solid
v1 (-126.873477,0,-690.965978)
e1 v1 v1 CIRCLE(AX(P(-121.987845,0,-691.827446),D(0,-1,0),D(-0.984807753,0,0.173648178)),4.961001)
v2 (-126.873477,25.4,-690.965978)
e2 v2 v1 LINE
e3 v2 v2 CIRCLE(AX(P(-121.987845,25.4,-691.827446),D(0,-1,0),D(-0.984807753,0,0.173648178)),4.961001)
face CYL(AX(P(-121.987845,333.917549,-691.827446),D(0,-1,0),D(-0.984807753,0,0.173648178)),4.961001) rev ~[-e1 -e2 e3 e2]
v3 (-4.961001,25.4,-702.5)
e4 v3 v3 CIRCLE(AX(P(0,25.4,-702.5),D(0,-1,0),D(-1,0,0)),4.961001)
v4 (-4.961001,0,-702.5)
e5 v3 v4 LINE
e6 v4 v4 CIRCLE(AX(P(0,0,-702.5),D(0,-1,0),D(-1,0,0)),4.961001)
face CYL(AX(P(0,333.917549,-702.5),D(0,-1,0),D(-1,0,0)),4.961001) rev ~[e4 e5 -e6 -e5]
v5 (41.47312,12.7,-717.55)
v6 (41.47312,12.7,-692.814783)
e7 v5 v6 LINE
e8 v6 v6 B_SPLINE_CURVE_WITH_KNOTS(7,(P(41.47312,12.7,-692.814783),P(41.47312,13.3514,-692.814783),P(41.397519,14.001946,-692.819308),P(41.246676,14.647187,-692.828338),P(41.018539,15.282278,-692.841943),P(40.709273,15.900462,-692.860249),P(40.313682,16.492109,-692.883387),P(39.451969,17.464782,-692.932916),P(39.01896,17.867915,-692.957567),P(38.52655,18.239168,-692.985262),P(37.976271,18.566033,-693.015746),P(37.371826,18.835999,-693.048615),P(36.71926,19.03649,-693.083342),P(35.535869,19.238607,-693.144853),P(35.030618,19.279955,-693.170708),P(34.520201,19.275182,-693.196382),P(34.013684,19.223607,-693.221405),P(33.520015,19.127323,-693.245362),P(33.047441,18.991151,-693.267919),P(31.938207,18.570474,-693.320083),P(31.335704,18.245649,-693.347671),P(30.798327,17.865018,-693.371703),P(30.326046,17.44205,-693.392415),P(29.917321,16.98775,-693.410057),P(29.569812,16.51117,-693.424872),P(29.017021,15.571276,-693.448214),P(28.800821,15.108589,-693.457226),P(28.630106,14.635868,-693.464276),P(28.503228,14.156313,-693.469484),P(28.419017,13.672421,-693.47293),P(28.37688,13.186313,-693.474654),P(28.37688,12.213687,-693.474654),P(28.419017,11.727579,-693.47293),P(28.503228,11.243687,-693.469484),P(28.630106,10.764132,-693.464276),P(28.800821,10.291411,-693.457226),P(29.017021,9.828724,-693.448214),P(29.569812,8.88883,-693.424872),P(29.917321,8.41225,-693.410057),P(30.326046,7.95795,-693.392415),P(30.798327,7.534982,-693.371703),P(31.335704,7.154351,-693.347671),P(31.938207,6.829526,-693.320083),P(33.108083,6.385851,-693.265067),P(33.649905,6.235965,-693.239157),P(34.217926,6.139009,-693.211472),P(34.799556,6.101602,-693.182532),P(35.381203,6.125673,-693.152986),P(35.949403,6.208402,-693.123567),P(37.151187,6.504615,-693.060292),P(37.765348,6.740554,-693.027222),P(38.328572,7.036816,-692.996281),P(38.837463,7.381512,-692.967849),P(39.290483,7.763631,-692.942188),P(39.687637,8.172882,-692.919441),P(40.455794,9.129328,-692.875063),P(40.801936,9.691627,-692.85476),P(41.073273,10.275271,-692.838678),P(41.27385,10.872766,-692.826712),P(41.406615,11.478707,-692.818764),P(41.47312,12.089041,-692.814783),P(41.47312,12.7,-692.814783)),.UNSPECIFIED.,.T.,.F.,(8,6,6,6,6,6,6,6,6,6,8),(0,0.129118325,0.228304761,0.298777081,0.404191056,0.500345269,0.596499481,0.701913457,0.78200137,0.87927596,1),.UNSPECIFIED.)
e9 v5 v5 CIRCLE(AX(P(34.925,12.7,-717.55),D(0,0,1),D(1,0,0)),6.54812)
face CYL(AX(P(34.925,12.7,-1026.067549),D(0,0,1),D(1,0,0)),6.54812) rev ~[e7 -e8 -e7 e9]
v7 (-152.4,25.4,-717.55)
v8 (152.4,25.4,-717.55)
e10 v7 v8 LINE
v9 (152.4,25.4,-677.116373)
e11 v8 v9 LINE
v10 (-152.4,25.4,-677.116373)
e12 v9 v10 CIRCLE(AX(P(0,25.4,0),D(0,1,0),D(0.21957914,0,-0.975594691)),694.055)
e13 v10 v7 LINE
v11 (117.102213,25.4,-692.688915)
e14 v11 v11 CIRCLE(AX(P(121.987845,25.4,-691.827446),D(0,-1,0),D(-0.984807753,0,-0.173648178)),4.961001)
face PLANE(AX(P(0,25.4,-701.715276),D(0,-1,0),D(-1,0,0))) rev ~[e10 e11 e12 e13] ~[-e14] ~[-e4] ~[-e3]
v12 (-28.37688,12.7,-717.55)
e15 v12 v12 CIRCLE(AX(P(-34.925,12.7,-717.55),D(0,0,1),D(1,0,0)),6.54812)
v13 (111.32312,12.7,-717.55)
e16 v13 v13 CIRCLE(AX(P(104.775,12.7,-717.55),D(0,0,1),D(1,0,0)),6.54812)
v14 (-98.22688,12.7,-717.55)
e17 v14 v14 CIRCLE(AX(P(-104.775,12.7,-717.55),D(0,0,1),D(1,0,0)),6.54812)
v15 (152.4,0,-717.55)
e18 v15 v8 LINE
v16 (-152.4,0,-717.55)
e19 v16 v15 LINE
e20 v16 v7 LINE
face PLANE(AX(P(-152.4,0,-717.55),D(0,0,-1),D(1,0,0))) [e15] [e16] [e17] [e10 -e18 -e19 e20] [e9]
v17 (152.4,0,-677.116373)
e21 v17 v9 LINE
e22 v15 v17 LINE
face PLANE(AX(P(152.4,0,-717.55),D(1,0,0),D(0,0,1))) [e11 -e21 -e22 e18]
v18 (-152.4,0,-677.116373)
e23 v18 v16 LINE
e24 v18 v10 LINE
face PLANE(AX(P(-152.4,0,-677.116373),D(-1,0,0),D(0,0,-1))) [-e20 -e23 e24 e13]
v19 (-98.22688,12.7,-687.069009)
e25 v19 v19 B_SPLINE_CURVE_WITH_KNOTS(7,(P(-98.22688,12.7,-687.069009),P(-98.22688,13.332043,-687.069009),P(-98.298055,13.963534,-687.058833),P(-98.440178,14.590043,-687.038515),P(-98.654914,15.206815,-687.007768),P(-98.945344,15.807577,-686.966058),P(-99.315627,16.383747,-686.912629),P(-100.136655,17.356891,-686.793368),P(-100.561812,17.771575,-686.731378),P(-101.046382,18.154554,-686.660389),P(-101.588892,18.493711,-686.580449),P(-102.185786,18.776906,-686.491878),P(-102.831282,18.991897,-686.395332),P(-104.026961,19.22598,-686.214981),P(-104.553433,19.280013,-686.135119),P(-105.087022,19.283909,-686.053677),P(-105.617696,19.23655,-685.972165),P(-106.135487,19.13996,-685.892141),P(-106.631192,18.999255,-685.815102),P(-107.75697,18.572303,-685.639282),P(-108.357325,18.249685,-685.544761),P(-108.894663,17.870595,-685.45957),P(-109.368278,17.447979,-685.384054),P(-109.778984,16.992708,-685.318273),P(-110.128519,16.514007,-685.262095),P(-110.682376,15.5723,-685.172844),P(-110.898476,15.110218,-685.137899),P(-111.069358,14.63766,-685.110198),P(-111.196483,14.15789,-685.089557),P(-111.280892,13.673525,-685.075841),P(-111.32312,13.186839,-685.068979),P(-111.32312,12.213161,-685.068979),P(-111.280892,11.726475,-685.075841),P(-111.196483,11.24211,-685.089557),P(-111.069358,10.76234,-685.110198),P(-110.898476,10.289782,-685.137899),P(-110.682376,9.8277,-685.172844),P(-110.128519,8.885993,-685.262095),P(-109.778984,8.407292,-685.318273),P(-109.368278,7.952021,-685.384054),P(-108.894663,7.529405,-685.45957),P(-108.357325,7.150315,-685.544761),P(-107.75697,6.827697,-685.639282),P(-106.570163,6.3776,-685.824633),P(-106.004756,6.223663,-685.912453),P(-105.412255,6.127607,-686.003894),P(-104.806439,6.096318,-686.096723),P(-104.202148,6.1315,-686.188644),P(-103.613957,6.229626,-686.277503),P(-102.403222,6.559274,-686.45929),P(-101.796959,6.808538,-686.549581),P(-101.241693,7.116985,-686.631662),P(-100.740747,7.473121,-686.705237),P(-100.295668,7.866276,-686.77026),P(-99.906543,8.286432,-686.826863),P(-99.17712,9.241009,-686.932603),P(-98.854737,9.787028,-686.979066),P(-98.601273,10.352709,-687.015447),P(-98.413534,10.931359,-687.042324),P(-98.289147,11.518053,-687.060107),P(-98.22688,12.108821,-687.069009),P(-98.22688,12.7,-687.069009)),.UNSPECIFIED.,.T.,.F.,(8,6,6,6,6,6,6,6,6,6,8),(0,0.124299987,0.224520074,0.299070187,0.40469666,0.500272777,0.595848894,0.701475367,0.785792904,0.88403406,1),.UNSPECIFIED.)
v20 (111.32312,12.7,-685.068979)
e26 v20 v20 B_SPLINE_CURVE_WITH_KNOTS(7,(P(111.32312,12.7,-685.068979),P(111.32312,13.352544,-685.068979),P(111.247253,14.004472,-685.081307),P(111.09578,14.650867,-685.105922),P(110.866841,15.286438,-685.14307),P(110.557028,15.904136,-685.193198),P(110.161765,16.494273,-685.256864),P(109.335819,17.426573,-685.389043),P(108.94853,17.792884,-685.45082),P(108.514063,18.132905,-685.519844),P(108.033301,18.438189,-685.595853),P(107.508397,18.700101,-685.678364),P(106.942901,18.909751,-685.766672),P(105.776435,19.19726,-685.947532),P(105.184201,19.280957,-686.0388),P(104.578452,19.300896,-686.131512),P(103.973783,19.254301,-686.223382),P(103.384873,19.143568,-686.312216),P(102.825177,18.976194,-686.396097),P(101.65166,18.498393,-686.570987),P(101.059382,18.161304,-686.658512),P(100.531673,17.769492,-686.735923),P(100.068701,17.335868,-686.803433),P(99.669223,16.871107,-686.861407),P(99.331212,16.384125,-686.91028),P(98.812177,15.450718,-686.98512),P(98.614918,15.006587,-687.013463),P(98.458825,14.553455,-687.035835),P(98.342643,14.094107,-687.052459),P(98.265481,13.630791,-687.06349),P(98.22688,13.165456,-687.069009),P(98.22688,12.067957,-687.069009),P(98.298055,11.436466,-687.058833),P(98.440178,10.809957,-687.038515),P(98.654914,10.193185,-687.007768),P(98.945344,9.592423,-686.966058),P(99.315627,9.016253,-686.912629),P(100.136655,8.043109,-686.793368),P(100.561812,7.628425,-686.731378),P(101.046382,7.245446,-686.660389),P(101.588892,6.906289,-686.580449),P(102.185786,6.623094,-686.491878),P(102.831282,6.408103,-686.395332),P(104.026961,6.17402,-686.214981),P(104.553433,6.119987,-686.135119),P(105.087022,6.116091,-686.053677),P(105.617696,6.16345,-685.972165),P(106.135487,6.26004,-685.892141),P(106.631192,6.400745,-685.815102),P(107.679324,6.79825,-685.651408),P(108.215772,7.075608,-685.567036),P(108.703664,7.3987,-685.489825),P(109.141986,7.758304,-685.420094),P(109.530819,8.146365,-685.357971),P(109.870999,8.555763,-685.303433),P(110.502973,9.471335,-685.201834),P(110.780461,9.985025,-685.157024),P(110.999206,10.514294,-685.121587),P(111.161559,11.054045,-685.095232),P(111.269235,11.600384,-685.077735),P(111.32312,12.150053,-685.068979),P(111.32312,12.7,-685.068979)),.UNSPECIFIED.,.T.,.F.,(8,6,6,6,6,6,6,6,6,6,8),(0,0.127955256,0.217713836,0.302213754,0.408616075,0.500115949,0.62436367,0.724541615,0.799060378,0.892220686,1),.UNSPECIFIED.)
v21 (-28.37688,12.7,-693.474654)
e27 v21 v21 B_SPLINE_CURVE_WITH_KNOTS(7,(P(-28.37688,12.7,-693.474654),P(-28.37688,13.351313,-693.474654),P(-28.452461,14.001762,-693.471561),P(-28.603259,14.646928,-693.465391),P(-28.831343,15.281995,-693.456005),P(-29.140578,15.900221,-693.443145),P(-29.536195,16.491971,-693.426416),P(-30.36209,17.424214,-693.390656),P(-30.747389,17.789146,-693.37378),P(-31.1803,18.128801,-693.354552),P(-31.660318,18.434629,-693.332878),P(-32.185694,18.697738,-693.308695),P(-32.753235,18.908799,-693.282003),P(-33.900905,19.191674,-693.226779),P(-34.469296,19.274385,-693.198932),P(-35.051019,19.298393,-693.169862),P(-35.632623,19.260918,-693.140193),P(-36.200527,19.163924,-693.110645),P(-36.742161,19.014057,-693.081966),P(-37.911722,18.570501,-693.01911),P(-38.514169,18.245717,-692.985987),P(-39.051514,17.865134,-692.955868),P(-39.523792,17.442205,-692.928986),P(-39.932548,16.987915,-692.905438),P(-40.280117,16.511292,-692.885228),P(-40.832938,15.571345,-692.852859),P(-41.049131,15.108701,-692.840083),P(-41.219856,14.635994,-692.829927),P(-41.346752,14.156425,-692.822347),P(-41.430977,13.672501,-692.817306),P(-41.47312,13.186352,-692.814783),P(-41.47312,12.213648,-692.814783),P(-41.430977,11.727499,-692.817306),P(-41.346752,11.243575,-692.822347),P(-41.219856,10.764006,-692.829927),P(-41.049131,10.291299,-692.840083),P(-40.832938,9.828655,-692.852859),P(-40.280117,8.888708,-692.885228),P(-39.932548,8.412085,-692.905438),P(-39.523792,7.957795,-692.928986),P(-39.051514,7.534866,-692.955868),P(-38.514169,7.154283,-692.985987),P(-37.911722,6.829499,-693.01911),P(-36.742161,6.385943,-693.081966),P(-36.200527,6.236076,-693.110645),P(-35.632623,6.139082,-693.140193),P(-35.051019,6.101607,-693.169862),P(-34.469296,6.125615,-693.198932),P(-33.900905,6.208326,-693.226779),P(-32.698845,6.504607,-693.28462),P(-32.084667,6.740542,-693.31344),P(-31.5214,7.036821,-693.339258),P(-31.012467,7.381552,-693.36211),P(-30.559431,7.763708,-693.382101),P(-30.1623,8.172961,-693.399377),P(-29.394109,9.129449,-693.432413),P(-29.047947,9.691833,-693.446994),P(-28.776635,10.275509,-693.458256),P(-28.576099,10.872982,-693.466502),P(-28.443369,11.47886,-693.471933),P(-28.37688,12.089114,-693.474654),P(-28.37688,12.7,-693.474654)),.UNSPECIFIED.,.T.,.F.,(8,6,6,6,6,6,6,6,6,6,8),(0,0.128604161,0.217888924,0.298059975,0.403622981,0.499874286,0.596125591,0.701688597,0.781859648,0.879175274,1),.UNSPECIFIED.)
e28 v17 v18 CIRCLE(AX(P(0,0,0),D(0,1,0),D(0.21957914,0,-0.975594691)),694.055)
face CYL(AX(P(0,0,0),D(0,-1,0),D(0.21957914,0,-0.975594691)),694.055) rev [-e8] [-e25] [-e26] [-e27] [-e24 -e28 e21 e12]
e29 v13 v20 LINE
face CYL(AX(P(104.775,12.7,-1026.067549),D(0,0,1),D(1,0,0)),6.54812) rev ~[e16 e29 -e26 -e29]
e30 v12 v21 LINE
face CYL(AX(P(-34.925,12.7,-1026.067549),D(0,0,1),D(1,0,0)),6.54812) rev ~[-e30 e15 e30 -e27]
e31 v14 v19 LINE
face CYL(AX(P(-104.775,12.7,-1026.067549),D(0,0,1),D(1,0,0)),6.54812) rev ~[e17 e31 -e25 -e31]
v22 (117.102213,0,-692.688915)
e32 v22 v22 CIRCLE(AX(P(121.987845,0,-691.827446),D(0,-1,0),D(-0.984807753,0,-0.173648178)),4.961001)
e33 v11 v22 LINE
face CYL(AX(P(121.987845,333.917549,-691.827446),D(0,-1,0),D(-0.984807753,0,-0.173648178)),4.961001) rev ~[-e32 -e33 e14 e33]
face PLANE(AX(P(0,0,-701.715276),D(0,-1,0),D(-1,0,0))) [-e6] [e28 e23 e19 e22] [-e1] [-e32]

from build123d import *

# Parameters (mm, degrees)
BOSS_EXTRUDE1_DEPTH                = 25.4
F_25_64_0_39063_DIAMETER_HOLE1_D   = 9.922002
CIRPATTERN4_COUNT                  = 36
TAPPED_HOLE_FOR_1_2_13_HELICOIL1_D = 13.09624
LPATTERN1_COUNT                    = 4
LPATTERN1_PITCH                    = 69.85


with BuildPart() as part:
    # Sketch1 → Boss-Extrude1 (new body)
    with BuildSketch(Plane(origin=(0, 0, 0), x_dir=(1, 0, 0), z_dir=(0, 1, 0))):
        with BuildLine():
            Line((-152.4, 677.116373325), (-152.4, 717.55))
            Line((-152.4, 717.55), (152.4, 717.55))
            Line((152.4, 717.55), (152.4, 677.116373325))
            ThreePointArc((152.4, 677.116373325), (0, 694.055), (-152.4, 677.116373325))
        make_face()
    extrude(amount=BOSS_EXTRUDE1_DEPTH)

    # 25/64 (0.39063) Diameter Hole1 (through all)
    with Locations(Plane(origin=(0, 25.4, 0), x_dir=(1, 0, 0), z_dir=(0, 1, 0))):
        with Locations((0, 702.5)):
            f_25_64_0_39063_diameter_hole1 = Hole(F_25_64_0_39063_DIAMETER_HOLE1_D / 2)

    # CirPattern4: 25/64 (0.39063) Diameter Hole1 ×36 about axis, 33 skipped
    cirpattern4_axis = Axis((0, 0, 0), (0, -1, 0))
    add([f_25_64_0_39063_diameter_hole1.rotate(cirpattern4_axis, i * 360 / CIRPATTERN4_COUNT) for i in range(1, CIRPATTERN4_COUNT) if i not in (2, 3, 4, 5, 6, 7, 8, 9, 10, 11, 12, 13, 14, 15, 16, 17, 18, 19, 20, 21, 22, 23, 24, 25, 26, 27, 28, 29, 30, 31, 32, 33, 34)], mode=Mode.SUBTRACT)

    # Tapped Hole for 1/2-13 Helicoil1 (through all)
    with Locations(Plane(origin=(0, 0, -717.55), x_dir=(-1, 0, 0), z_dir=(0, 0, -1))):
        with Locations((-104.775, 12.7)):
            tapped_hole_for_1_2_13_helicoil1 = Hole(TAPPED_HOLE_FOR_1_2_13_HELICOIL1_D / 2)

    # LPattern1: Tapped Hole for 1/2-13 Helicoil1 ×4
    with Locations(*[(-i * LPATTERN1_PITCH, 0, 0) for i in range(1, LPATTERN1_COUNT)]):
        add(tapped_hole_for_1_2_13_helicoil1, mode=Mode.SUBTRACT)


solid = part.part
